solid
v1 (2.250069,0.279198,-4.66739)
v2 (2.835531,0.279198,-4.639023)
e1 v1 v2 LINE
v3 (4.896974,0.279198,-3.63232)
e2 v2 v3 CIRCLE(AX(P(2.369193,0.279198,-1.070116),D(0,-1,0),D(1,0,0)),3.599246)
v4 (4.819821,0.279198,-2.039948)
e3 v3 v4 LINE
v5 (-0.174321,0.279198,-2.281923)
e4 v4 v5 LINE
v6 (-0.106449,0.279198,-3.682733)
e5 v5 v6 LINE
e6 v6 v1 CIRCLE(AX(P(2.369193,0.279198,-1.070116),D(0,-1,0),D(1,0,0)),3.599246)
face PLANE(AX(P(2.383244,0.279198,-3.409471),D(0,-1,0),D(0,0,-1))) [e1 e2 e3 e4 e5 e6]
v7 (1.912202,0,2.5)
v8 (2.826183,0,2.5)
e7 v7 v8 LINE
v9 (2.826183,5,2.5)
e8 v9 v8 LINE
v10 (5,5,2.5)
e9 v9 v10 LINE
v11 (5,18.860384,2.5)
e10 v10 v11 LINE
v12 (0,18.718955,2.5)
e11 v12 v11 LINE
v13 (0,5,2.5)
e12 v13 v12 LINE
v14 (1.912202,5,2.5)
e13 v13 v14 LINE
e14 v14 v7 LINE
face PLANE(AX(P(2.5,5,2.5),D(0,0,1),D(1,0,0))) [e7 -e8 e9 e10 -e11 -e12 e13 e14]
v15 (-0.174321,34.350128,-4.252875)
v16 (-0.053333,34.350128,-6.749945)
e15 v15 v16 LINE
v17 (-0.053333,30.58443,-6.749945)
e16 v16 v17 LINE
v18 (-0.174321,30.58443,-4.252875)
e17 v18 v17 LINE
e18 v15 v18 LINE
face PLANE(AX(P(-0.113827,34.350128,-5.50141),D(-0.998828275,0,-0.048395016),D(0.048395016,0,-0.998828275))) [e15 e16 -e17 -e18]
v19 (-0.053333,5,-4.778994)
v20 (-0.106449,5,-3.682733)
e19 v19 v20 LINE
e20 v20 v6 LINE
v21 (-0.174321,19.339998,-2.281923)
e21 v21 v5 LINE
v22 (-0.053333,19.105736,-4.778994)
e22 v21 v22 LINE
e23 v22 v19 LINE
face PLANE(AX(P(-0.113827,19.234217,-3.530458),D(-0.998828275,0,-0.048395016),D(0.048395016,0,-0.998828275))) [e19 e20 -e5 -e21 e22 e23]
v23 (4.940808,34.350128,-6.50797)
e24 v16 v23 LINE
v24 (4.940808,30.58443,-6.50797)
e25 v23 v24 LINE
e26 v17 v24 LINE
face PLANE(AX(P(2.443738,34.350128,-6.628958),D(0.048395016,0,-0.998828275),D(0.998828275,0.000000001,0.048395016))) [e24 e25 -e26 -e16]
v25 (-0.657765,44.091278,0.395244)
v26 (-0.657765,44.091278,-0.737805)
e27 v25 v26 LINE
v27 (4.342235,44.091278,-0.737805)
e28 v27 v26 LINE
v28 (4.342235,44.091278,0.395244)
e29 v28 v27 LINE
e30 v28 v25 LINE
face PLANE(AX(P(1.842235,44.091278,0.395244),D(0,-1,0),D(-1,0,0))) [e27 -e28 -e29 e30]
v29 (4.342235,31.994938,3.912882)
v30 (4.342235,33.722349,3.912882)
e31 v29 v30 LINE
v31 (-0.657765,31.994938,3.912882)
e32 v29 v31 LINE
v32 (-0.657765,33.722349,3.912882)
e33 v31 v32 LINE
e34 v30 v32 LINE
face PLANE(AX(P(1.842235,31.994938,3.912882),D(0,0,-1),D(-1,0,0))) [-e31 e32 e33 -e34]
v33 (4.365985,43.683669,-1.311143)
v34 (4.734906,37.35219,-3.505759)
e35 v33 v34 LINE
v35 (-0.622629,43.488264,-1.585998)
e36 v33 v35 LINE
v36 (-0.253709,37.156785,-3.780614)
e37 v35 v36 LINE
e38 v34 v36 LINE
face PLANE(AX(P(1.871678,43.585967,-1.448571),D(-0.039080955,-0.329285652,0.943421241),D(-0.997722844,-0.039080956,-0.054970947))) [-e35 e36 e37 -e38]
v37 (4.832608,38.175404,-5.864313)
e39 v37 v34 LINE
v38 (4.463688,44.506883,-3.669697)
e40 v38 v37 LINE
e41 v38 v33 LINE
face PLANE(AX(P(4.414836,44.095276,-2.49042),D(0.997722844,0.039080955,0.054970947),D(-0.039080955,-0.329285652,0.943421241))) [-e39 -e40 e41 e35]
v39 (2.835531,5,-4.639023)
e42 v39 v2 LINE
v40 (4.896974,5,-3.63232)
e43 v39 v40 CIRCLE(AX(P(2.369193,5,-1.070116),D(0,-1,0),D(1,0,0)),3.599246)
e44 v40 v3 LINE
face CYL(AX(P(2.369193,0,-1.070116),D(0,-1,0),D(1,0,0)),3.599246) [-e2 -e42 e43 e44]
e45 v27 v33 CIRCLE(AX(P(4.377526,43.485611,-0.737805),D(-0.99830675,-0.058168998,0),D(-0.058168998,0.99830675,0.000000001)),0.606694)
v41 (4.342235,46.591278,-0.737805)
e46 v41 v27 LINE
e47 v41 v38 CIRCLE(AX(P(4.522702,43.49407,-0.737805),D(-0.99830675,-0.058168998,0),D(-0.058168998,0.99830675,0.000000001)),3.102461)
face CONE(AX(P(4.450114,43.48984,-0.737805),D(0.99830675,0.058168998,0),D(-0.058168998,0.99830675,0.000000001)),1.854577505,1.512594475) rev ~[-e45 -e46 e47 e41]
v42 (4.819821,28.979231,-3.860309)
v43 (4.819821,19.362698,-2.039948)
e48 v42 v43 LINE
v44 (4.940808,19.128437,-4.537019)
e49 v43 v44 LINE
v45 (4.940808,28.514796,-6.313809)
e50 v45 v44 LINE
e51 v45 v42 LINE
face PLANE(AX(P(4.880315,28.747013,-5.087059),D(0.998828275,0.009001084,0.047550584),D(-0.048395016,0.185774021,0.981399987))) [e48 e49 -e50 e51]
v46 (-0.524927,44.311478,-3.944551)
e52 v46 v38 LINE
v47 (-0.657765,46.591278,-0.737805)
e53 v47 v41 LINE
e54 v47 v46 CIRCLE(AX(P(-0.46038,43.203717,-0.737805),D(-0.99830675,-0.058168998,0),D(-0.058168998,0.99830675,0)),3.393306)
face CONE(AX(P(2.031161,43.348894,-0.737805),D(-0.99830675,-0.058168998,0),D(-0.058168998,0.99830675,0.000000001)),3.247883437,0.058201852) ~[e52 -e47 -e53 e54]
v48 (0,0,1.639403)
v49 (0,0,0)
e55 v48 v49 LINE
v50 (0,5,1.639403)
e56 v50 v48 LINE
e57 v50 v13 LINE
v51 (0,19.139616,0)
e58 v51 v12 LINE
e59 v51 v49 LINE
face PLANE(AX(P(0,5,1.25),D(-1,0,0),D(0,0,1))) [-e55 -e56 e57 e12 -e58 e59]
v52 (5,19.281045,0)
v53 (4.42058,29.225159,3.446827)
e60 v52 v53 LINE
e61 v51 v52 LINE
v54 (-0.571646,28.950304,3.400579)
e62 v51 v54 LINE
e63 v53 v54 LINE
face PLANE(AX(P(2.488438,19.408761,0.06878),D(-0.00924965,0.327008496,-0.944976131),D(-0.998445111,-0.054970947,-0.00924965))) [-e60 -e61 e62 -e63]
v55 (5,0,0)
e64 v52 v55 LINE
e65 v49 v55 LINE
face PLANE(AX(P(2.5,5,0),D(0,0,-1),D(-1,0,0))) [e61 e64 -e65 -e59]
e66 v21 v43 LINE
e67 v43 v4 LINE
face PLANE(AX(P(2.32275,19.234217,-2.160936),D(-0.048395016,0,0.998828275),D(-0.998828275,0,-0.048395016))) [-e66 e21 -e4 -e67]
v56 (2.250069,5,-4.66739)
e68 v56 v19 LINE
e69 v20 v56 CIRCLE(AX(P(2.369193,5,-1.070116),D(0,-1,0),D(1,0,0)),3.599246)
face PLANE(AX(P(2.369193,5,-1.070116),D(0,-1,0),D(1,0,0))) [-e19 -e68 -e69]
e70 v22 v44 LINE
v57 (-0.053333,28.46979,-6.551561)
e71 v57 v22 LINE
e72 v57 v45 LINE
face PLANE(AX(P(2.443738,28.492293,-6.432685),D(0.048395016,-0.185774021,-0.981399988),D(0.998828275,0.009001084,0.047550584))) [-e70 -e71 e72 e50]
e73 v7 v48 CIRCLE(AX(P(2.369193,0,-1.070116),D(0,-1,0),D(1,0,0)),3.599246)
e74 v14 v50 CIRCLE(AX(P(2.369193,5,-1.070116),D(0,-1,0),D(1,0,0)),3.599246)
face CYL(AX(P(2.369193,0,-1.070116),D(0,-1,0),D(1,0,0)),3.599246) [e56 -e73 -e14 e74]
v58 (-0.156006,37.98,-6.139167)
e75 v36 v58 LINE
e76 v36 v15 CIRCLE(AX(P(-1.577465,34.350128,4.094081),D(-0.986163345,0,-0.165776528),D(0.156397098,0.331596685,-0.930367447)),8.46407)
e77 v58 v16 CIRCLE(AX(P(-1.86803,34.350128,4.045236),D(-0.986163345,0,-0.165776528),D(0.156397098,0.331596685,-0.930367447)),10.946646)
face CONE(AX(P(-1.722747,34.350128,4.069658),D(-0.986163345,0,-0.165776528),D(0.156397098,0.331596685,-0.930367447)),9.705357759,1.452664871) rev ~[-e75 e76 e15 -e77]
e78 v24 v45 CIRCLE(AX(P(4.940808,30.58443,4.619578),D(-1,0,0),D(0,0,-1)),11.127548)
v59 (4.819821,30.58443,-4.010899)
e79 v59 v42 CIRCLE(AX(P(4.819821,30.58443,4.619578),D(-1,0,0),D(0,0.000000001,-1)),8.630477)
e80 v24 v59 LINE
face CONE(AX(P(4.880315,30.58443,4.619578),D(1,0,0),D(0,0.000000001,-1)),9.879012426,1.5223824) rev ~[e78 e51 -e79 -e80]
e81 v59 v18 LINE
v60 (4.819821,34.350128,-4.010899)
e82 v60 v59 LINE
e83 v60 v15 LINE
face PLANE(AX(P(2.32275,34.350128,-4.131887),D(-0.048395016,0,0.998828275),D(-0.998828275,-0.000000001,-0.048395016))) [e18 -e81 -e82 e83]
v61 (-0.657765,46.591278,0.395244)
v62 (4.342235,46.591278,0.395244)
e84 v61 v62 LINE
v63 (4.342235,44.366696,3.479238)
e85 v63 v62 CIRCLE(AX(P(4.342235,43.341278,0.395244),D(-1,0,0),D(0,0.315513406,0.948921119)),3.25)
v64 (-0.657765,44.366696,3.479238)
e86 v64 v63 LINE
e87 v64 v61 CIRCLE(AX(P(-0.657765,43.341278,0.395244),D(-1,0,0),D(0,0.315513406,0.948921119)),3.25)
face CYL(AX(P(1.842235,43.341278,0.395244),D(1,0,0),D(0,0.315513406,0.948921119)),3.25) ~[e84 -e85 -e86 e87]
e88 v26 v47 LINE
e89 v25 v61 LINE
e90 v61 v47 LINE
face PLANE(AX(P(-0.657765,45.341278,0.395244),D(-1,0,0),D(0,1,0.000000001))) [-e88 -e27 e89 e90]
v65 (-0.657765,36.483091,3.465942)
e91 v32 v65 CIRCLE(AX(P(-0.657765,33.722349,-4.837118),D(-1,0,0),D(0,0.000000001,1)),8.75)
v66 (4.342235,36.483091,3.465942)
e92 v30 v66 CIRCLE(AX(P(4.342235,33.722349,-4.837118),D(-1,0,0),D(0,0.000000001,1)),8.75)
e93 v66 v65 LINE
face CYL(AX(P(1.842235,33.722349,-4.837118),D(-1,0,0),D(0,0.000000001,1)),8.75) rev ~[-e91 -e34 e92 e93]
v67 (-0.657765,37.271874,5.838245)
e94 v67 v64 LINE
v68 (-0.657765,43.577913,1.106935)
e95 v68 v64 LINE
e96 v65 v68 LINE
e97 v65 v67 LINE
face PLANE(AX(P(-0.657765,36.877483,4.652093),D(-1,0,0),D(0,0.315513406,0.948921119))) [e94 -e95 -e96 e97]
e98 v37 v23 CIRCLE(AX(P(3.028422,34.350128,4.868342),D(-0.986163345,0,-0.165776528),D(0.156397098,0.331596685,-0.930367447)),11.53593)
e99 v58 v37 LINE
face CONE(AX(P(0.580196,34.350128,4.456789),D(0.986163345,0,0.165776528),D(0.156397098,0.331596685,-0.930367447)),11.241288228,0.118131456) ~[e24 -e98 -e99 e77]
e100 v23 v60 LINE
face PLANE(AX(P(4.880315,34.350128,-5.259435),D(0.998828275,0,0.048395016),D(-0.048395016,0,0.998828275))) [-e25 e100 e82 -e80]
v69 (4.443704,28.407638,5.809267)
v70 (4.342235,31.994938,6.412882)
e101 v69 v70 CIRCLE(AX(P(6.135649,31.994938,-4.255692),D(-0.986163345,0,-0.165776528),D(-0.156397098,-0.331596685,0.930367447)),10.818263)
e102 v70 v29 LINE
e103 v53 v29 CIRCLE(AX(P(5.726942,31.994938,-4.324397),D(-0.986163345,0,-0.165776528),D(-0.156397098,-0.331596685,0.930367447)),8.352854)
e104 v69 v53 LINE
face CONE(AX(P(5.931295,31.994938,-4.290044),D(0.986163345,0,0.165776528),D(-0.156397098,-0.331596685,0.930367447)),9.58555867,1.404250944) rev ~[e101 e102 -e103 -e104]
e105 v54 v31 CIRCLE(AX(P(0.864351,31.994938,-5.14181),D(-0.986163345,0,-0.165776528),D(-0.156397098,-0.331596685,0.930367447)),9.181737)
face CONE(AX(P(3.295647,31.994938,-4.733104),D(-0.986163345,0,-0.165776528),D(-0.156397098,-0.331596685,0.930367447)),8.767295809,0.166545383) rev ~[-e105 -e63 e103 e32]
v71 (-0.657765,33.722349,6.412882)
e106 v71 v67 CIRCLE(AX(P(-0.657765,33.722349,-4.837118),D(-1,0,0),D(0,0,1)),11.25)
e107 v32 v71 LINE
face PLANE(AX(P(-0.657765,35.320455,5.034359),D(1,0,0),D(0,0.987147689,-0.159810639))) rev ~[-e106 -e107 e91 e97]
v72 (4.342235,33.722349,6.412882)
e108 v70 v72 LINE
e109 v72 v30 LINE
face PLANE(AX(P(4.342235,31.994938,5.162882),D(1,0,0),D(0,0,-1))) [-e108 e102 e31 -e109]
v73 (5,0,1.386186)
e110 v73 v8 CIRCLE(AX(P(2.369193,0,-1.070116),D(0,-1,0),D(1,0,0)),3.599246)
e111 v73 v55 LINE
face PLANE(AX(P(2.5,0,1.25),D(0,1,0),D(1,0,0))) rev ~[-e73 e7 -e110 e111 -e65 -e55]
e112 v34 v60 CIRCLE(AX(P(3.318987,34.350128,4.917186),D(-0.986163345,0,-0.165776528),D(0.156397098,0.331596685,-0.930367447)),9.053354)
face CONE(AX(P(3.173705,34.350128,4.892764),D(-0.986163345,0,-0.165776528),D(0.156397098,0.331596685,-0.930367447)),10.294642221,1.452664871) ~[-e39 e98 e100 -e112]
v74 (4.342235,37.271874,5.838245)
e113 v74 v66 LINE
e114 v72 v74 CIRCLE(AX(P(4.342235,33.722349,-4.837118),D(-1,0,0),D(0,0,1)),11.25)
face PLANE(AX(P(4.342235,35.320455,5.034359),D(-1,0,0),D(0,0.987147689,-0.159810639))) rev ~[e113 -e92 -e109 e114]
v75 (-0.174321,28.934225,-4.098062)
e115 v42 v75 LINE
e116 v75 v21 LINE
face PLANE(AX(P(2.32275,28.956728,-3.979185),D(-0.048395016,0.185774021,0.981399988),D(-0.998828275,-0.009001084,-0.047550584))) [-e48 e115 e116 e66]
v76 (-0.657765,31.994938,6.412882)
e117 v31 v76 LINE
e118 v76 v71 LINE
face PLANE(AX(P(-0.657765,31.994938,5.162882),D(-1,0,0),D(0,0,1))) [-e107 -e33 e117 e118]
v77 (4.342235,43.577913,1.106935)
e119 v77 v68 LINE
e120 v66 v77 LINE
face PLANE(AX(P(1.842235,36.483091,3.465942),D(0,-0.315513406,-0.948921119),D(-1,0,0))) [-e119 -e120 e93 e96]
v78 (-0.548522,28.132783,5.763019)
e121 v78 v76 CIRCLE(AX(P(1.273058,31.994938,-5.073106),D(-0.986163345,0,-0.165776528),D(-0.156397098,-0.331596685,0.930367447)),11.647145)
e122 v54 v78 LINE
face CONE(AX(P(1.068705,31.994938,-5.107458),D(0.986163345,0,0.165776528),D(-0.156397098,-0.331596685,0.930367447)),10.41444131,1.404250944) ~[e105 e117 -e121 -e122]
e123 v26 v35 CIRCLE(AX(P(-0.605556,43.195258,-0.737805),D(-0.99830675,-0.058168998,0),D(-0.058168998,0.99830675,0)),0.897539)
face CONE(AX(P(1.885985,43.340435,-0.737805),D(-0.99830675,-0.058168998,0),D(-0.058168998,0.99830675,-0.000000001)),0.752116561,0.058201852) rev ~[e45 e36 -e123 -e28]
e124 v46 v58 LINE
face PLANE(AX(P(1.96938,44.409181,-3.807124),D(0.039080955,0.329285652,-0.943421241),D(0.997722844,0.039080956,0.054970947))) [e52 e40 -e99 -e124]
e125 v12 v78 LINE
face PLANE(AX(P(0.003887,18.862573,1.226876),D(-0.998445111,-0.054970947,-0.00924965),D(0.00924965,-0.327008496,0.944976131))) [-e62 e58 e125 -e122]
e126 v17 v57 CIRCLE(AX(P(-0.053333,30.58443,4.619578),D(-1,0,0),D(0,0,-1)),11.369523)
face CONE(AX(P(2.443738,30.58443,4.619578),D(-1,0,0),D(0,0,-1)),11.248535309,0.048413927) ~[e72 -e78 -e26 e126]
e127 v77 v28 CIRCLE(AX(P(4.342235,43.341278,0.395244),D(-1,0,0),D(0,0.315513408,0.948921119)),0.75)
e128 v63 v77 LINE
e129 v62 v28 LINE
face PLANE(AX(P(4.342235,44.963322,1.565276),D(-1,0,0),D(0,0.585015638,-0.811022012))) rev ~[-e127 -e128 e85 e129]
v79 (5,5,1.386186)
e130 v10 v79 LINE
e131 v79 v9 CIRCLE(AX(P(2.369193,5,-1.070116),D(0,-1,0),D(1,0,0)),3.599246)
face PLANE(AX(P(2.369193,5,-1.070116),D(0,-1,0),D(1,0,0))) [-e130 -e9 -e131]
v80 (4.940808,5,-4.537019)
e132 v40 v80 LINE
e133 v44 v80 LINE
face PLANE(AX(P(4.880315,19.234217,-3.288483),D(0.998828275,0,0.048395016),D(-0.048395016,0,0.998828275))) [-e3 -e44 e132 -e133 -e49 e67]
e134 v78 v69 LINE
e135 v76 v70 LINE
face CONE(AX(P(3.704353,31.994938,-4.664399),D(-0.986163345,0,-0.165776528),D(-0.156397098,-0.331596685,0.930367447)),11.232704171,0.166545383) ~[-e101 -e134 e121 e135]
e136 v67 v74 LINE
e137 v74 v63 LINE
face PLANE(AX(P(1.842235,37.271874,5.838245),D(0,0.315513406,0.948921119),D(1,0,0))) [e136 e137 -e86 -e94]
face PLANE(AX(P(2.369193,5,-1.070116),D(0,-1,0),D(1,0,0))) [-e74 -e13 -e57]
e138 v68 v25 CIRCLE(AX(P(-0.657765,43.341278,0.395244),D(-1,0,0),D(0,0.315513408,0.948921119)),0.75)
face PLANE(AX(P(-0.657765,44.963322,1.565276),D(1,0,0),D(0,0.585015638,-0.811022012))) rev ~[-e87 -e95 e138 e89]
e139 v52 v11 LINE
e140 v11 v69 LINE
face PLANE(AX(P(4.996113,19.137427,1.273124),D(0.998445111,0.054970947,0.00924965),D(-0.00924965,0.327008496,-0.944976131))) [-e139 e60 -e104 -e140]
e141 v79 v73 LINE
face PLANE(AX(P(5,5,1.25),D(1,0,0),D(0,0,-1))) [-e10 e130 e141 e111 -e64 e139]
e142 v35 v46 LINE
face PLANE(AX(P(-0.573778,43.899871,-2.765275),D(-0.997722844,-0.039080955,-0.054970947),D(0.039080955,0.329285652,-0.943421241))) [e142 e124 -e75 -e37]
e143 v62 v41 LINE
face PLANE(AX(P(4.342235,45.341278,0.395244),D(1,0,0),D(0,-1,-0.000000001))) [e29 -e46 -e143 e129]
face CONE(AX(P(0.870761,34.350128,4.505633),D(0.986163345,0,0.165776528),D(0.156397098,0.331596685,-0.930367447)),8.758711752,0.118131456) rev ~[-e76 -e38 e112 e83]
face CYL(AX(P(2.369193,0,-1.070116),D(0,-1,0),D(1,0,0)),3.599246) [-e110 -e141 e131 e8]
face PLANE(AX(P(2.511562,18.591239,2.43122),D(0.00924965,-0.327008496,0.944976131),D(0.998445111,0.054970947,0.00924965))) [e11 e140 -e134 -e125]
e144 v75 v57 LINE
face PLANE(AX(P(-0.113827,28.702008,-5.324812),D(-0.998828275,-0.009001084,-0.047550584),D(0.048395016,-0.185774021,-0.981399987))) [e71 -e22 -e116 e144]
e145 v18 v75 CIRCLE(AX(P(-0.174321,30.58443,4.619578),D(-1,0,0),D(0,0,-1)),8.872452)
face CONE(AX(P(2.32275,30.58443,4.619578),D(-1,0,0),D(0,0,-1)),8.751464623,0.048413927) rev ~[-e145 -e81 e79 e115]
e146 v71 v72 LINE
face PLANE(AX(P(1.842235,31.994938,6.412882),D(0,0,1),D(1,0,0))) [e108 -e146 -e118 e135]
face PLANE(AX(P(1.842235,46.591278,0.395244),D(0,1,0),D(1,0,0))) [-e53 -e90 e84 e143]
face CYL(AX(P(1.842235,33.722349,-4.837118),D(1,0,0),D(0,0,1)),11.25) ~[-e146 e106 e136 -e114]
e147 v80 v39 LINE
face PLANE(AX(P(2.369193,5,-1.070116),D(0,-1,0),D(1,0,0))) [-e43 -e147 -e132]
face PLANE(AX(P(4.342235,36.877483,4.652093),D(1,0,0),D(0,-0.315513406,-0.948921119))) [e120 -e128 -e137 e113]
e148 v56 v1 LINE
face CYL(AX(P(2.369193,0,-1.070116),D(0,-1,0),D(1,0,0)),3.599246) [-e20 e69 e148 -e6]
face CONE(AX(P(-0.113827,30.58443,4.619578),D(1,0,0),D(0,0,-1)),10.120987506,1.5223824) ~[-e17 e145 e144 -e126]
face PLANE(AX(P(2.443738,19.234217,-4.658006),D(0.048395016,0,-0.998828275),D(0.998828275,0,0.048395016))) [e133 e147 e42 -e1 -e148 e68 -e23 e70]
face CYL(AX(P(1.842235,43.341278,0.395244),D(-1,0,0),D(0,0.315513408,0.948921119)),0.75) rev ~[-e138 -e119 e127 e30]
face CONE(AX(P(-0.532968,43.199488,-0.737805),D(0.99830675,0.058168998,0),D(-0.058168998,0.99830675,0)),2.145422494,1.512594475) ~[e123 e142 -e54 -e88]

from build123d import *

# Parameters (mm, degrees)
CROQUIS2_W              = 5
CROQUIS2_H              = 2.5
SALIENTE_EXTRUIR1_DEPTH = 5
CROQUIS3_W              = 5
CROQUIS3_H              = 2.5
CROQUIS5_R              = 8.815578543
CROQUIS5_R_2            = 3.599245637
CORTAR_EXTRUIR2_DEPTH   = 5


with BuildPart() as part:
    # Croquis2 → Saliente-Extruir1 (new body)
    with BuildSketch(Plane(origin=(0, 0, 0), x_dir=(1, 0, 0), z_dir=(0, 1, 0))):
        with Locations((2.5, -1.25)):
            Rectangle(CROQUIS2_W, CROQUIS2_H)
    extrude(amount=SALIENTE_EXTRUIR1_DEPTH)

    # Barrer1: sweep along a curve in space
    with BuildLine() as barrer1_path:
        Line((2.5, 5, 1.25), (2.5, 19, 1.25))
        Line((2.5, 19, 1.25), (1.936029021, 28.678970963, 4.604923122))
        ThreePointArc((1.936029021, 28.678970963, 4.604923122), (1.865851519, 30.312993123, 5.022391631), (1.842234719, 31.994937811, 5.162882101))
        Line((1.842234719, 31.994937811, 5.162882101), (1.842234719, 33.722348676, 5.162882101))
        ThreePointArc((1.842234719, 33.722348676, 5.162882101), (1.842234719, 35.320455068, 5.034358989), (1.842234719, 36.877482738, 4.652093293))
        Line((1.842234719, 36.877482738, 4.652093293), (1.842234719, 43.97230449, 2.293086488))
        ThreePointArc((1.842234719, 43.97230449, 2.293086488), (1.842234719, 44.9633217, 1.565275526), (1.842234719, 45.341277677, 0.39524425))
        Line((1.842234719, 45.341277677, 0.39524425), (1.842234719, 45.341277677, -0.73780457))
        ThreePointArc((1.842234719, 45.341277677, -0.73780457), (1.863808704, 44.971021079, -1.897969648), (1.920529201, 43.997573754, -2.627847367))
        Line((1.920529201, 43.997573754, -2.627847367), (2.289449651, 37.666094909, -4.822463391))
        ThreePointArc((2.289449651, 37.666094909, -4.822463391), (2.359627153, 36.032072749, -5.2399319), (2.383243953, 34.350128061, -5.38042237))
        Line((2.383243953, 34.350128061, -5.38042237), (2.383243953, 30.584429951, -5.38042237))
        ThreePointArc((2.383243953, 30.584429951, -5.38042237), (2.383243953, 29.650386796, -5.336704979), (2.383243953, 28.724510426, -5.205935047))
        Line((2.383243953, 28.724510426, -5.205935047), (2.383243953, 19.234217455, -3.409470905))
        Line((2.383243953, 19.234217455, -3.409470905), (2.383243953, 0.279197945, -3.409470905))
    # Croquis3 → Barrer1 (sweep)
    with BuildSketch(Plane(origin=(0, 5, 0), x_dir=(1, 0, 0), z_dir=(0, 1, 0))):
        with Locations((2.5, -1.25)):
            Rectangle(CROQUIS3_W, CROQUIS3_H)
    sweep(path=barrer1_path.line, transition=Transition.RIGHT)

    # Croquis5 → Cortar-Extruir2 (cut)
    with BuildSketch(Plane.XZ):
        with Locations((2.369192746, -1.070116094)):
            Circle(CROQUIS5_R)
        with Locations((2.369192746, -1.070116094)):
            Circle(CROQUIS5_R_2, mode=Mode.SUBTRACT)
    extrude(amount=-CORTAR_EXTRUIR2_DEPTH, mode=Mode.SUBTRACT)


solid = part.part
